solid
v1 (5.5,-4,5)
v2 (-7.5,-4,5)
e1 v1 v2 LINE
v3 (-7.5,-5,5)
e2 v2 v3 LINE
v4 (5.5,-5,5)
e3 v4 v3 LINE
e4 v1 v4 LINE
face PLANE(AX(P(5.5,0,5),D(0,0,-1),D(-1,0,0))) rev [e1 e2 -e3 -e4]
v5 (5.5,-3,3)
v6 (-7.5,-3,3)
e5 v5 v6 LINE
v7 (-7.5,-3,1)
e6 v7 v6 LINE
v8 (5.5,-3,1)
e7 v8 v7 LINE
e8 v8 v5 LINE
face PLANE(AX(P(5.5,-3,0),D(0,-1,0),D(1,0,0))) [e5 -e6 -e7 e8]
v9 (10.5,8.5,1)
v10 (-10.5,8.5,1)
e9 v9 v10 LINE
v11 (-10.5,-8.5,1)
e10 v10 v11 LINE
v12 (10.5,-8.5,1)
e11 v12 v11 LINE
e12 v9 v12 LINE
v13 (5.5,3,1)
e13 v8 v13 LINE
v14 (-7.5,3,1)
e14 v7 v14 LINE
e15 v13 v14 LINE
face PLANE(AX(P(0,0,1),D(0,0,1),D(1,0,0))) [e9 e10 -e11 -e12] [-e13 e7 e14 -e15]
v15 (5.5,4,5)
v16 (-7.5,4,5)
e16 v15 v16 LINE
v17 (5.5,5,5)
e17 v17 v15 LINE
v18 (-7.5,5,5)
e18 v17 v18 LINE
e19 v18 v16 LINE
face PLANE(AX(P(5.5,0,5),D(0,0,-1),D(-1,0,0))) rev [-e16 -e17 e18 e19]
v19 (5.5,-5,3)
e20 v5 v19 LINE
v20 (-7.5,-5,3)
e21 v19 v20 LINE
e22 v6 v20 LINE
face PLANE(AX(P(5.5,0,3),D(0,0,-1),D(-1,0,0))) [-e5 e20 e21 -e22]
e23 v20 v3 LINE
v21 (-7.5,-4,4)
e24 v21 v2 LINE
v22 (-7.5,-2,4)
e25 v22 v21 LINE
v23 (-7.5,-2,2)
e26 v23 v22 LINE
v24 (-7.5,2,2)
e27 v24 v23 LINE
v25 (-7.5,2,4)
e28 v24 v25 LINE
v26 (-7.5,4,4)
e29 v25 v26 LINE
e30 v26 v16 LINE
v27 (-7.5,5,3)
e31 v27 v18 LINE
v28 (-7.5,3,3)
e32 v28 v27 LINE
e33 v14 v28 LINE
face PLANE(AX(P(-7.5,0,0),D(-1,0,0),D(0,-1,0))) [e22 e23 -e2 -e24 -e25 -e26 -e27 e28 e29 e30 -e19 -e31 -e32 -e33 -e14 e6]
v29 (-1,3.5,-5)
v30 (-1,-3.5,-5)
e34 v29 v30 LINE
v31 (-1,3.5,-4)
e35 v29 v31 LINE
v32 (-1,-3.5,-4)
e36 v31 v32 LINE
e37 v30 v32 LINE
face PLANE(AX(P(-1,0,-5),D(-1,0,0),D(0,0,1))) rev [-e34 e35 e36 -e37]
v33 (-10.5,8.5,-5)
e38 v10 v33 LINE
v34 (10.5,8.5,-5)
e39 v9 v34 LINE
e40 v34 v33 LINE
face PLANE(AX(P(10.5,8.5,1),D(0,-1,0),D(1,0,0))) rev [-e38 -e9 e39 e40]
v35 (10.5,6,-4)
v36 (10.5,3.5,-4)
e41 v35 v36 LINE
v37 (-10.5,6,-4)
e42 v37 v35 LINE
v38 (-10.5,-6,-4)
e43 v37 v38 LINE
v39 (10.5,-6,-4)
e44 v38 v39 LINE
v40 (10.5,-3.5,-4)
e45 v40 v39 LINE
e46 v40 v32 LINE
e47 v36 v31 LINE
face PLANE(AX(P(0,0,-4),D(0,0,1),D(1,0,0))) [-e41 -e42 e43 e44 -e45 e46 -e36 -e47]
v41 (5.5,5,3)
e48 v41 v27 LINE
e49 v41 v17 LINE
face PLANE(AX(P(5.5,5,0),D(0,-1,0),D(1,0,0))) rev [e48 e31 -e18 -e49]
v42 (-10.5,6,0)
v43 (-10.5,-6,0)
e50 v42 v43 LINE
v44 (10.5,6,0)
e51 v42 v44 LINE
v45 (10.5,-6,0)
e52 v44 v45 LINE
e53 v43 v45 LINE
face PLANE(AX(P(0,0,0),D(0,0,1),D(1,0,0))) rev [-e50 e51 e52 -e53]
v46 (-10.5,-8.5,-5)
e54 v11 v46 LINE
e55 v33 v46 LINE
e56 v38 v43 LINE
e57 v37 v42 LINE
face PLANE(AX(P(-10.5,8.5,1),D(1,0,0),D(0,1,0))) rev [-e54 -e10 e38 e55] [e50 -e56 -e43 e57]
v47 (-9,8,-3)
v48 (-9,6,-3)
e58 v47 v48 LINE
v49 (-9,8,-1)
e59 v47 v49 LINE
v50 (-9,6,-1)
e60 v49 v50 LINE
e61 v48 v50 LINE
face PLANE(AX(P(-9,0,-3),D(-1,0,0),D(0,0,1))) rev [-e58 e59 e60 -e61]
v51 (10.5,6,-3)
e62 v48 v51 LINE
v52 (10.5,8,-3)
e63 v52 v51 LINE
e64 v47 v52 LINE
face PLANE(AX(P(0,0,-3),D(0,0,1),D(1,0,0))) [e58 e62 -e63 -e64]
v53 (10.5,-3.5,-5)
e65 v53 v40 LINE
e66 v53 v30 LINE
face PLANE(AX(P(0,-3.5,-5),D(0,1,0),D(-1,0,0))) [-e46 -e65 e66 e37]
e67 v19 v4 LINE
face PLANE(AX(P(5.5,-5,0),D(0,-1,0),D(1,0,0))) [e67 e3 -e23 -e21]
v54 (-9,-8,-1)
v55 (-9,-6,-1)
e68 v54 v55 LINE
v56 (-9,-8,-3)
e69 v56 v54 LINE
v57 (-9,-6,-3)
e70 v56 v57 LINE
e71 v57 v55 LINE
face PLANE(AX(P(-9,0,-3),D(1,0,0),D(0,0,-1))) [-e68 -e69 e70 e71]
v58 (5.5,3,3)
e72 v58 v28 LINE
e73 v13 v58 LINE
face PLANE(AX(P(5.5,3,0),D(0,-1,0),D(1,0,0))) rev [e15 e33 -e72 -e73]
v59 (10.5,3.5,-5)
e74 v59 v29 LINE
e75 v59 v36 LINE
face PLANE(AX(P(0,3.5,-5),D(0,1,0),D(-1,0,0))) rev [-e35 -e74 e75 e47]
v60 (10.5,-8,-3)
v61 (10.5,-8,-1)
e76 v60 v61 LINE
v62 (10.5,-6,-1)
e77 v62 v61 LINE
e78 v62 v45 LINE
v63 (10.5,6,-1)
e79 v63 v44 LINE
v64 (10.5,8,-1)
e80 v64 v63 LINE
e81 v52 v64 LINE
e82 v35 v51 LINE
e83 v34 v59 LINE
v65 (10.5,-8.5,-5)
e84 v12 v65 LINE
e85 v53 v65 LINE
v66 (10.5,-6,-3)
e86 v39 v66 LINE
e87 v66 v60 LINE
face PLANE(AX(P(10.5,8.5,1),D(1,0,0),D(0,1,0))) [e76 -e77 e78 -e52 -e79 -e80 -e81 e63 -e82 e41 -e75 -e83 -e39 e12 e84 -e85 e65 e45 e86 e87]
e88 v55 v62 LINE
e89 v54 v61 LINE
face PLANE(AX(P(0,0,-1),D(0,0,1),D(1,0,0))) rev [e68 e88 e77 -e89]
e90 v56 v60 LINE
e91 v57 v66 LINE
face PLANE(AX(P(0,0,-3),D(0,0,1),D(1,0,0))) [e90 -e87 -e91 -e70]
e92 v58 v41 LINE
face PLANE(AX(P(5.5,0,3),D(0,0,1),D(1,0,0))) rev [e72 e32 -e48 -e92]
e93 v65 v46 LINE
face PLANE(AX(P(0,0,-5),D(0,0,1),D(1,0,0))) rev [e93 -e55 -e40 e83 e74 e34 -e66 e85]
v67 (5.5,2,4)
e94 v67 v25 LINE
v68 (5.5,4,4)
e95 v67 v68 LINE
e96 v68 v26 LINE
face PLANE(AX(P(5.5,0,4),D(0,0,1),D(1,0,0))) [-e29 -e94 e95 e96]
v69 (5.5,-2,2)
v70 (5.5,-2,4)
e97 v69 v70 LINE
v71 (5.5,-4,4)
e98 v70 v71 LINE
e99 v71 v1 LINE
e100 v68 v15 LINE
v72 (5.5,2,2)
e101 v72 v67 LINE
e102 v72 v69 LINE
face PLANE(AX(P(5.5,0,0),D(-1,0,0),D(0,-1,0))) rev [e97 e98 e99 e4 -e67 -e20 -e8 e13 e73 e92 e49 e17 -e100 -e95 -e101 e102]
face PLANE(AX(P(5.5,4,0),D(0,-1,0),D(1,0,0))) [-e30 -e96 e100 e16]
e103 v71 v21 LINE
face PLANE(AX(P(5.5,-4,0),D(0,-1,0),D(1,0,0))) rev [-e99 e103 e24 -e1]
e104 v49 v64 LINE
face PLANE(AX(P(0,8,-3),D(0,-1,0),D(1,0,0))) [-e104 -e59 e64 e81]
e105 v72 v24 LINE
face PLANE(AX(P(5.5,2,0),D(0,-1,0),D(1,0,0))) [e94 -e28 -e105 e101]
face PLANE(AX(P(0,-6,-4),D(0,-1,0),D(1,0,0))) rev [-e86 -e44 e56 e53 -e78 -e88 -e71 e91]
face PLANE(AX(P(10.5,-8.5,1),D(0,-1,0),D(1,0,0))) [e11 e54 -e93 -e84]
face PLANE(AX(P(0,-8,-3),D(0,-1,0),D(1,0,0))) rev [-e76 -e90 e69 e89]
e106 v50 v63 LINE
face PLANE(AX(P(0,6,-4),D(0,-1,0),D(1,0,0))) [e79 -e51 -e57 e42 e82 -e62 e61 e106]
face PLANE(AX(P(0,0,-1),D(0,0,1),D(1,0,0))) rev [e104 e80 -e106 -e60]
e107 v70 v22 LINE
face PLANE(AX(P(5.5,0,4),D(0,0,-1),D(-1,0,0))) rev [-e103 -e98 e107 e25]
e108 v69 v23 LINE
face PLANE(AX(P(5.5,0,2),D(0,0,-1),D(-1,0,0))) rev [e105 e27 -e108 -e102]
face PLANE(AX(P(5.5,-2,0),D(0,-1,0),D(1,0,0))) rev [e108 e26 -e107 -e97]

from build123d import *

# Parameters (mm, degrees)
ESQUISSE1_W             = 21
ESQUISSE1_H             = 17
BOSS_EXTRU_1_DEPTH      = 1
BOSS_EXTRU_2_START      = -4
BOSS_EXTRU_2_DEPTH      = 1
ESQUISSE1_4_W           = 21
ESQUISSE1_4_H           = 2.5
BOSS_EXTRU_3_DEPTH      = 4
ENL_V_START             = -1
ESQUISSE1_6_W           = 19.5
ESQUISSE1_6_H           = 2
ENL_V_MAT_EXTRU_1_DEPTH = 2
BOSS_EXTRU_4_START      = -3
BOSS_EXTRU_4_DEPTH      = 13


with BuildPart() as part:
    # Esquisse1 → Boss.-Extru.1 (new body)
    with BuildSketch(Plane.XY):
        Rectangle(ESQUISSE1_W, ESQUISSE1_H)
    extrude(amount=BOSS_EXTRU_1_DEPTH)



with BuildPart() as body_2:
    # Esquisse1_3 → Boss.-Extru.2 (new body)
    with BuildSketch(Plane.XY.offset(BOSS_EXTRU_2_START)):
        Polygon((-10.5, 8.5), (-10.5, -8.5), (10.5, -8.5), (10.5, -3.5), (-1, -3.5), (-1, 3.5), (10.5, 3.5), (10.5, 8.5), align=None)
    extrude(amount=-BOSS_EXTRU_2_DEPTH)


with BuildPart() as part_1:
    add(part.part)

    add(body_2.part)  # Boss.-Extru.3 merges body 2
    # Esquisse1_4 → Boss.-Extru.3 (add)
    with BuildSketch(Plane.XY):
        with Locations((0, 7.25)):
            Rectangle(ESQUISSE1_4_W, ESQUISSE1_4_H)
        with Locations((0, -7.25)):
            Rectangle(ESQUISSE1_4_W, ESQUISSE1_4_H)
    extrude(amount=-BOSS_EXTRU_3_DEPTH)

    # Esquisse1_6 → Enl_v. mat.-Extru.1 (cut)
    with BuildSketch(Plane.XY.offset(ENL_V_START)):
        with Locations((0.75, -7)):
            Rectangle(ESQUISSE1_6_W, ESQUISSE1_6_H)
        with Locations((0.75, 7)):
            Rectangle(ESQUISSE1_6_W, ESQUISSE1_6_H)
    extrude(amount=-ENL_V_MAT_EXTRU_1_DEPTH, mode=Mode.SUBTRACT)

    # Esquisse2 → Boss.-Extru.4 (add)
    with BuildSketch(Plane.ZY.offset(10.5).offset(BOSS_EXTRU_4_START)):
        Polygon((3, 3), (1, 3), (1, -3), (3, -3), (3, -5), (5, -5), (5, -4), (4, -4), (4, -2), (2, -2), (2, 2), (4, 2), (4, 4), (5, 4), (5, 5), (3, 5), align=None)
    extrude(amount=-BOSS_EXTRU_4_DEPTH)


solid = part_1.part
